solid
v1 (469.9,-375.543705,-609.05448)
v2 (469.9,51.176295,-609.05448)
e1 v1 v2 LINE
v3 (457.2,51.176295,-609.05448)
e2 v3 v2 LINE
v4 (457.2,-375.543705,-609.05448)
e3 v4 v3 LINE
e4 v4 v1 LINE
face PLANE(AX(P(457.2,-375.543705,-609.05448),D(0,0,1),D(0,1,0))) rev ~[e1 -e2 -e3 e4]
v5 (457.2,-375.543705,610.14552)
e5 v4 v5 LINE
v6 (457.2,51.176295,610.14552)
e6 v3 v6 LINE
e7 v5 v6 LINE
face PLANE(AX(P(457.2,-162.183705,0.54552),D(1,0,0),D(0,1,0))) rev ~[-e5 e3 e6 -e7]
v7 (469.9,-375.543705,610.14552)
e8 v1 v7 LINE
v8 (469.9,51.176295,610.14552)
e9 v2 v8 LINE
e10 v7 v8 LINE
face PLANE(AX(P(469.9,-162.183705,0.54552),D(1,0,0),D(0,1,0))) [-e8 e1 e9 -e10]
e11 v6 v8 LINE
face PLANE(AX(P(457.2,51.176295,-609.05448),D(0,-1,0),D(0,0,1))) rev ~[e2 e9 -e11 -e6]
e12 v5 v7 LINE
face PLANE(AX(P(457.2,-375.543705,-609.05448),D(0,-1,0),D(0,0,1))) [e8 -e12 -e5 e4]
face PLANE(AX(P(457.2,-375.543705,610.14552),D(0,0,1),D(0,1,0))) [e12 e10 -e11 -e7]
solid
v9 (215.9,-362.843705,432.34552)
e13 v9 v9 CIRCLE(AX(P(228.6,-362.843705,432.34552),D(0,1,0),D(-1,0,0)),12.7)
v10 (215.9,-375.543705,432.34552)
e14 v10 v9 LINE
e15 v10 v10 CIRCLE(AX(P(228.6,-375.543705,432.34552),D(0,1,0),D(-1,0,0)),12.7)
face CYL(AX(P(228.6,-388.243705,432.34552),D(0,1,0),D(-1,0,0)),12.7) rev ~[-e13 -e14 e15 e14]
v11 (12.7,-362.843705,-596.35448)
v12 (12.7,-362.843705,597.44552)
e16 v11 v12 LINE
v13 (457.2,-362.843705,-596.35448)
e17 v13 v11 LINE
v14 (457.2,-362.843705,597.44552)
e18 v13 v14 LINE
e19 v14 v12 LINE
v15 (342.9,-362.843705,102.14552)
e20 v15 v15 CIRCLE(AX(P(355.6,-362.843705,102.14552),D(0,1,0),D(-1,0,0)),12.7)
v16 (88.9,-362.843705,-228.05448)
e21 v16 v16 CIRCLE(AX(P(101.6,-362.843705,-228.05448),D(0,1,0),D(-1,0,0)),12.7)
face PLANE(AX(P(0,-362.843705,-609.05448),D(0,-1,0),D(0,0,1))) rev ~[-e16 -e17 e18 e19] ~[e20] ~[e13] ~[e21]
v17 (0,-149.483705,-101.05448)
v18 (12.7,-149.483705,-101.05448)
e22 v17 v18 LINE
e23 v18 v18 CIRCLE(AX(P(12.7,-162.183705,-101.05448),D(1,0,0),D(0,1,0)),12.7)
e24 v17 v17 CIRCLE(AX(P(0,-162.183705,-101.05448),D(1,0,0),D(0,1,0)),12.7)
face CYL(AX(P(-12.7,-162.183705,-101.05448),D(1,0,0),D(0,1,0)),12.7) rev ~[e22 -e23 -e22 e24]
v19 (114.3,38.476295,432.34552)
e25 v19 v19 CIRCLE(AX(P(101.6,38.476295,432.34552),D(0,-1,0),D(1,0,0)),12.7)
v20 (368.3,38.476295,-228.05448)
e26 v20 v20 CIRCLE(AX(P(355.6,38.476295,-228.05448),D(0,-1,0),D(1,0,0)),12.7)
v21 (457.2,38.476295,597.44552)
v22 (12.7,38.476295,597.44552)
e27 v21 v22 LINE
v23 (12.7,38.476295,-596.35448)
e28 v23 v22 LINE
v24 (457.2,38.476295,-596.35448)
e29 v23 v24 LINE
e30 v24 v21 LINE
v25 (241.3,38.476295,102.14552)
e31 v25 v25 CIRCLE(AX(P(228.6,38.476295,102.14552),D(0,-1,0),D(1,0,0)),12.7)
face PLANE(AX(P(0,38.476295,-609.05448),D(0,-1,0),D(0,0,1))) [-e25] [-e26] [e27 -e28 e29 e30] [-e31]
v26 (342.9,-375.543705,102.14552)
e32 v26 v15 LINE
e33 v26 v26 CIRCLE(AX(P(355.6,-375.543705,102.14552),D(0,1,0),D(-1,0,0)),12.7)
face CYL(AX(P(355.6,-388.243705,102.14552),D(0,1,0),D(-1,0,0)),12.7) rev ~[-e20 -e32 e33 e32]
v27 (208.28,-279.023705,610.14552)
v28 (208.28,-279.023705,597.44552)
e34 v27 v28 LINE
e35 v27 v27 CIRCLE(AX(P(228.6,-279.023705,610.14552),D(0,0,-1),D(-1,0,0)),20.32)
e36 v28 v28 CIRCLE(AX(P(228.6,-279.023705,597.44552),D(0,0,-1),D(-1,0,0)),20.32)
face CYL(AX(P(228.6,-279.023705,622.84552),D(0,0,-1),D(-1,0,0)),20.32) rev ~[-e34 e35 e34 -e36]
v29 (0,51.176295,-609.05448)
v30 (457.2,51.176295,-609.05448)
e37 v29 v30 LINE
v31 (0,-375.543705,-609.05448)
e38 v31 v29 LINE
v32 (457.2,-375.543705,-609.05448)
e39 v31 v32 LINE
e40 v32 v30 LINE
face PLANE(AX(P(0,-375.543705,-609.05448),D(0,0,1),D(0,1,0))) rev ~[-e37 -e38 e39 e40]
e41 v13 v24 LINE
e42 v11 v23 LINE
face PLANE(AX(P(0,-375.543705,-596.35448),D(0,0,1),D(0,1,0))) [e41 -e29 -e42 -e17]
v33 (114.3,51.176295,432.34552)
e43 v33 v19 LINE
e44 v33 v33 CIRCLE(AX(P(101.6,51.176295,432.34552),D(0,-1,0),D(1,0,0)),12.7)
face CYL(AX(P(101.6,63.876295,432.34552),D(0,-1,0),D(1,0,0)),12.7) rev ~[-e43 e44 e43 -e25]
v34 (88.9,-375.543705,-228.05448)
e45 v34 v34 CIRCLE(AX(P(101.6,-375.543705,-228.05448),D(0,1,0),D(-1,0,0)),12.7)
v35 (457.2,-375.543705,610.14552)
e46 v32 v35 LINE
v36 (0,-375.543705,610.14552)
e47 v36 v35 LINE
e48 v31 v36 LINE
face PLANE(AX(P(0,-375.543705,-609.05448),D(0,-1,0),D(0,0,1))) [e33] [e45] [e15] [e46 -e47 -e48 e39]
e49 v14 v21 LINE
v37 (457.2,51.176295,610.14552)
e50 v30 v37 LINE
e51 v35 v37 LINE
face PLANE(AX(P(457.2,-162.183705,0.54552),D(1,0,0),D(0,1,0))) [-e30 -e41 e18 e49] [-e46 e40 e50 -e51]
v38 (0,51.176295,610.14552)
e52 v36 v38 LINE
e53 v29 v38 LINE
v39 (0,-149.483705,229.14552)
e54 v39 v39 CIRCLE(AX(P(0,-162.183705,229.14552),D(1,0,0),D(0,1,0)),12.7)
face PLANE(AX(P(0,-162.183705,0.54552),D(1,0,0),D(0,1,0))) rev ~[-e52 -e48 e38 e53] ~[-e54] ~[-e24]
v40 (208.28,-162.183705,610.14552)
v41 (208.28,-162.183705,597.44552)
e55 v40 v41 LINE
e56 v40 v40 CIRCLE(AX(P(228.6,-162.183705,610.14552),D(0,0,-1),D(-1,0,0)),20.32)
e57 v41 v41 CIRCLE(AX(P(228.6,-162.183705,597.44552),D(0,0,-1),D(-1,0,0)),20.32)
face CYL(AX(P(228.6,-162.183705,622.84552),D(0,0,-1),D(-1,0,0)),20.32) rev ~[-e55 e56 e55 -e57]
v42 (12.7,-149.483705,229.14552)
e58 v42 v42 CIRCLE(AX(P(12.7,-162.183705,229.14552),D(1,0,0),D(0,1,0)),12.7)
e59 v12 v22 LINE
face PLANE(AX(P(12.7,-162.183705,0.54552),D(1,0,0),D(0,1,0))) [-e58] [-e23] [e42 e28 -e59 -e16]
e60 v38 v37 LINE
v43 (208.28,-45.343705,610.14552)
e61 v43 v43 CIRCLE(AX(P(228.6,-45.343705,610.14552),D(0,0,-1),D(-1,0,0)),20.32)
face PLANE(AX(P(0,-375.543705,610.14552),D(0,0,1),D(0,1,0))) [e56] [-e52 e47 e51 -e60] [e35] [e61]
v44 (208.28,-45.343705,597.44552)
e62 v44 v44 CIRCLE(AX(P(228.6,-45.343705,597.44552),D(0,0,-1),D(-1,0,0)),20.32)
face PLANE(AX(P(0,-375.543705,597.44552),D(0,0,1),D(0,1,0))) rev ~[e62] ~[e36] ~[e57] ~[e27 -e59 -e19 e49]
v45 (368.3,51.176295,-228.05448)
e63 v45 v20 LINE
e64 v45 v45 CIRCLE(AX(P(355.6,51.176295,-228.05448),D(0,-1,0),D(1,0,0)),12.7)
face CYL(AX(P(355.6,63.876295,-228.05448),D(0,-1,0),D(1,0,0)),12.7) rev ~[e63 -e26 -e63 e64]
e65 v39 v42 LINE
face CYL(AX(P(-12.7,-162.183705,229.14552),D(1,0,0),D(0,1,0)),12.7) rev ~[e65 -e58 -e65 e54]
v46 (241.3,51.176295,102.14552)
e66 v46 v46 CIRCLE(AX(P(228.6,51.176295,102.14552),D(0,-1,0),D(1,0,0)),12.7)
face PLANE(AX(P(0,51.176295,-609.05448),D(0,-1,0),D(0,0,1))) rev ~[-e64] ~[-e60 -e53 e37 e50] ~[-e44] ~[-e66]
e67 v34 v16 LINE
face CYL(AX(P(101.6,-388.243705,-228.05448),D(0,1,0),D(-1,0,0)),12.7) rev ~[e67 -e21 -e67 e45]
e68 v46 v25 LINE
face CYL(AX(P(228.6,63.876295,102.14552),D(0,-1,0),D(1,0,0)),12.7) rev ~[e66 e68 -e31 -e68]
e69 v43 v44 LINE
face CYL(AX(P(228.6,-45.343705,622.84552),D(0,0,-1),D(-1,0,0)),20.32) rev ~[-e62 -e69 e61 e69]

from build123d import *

# Parameters (mm, degrees)
F0_W      = 426.72
F0_H      = 1219.2
F1_DEPTH  = 457.2
F2_T      = -12.7
F4_D      = 40.64
F4_DEPTH  = 12.7
F5_D      = 40.64
F5_DEPTH  = 12.7
F6_D      = 40.64
F6_DEPTH  = 12.7
F7_W      = 426.72
F7_H      = 1219.2
F8_DEPTH  = 12.7
F10_D     = 25.4
F10_DEPTH = 12.7
F11_D     = 25.4
F11_DEPTH = 12.7
F13_D     = 25.4
F13_DEPTH = 12.7
F15_D     = 25.4
F15_DEPTH = 12.7


with BuildPart() as f1:
    # F0 (on Right) → F1 (new body)
    with BuildSketch(Plane.YZ):
        with Locations((-162.183705, 0.54552)):
            Rectangle(F0_W, F0_H)
    extrude(amount=F1_DEPTH)

    # F2
    f2_openings = [f1.faces().sort_by_distance(p)[0] for p in [
        (457.2, -162.183705, 0.54552),
    ]]
    offset(amount=F2_T, openings=f2_openings)

    # F4
    with Locations(Plane.XY.offset(610.14552)):
        with Locations((228.6, -162.183705)):
            Hole(F4_D / 2, depth=F4_DEPTH)

    # F5
    with Locations(Plane.XY.offset(610.14552)):
        with Locations((228.6, -45.343705)):
            Hole(F5_D / 2, depth=F5_DEPTH)

    # F6
    with Locations(Plane.XY.offset(610.14552)):
        with Locations((228.6, -279.023705)):
            Hole(F6_D / 2, depth=F6_DEPTH)

    # F10
    with Locations(Plane.XZ.offset(375.543705)):
        with Locations((101.6, -228.05448)):
            Hole(F10_D / 2, depth=F10_DEPTH)

    # F11
    with Locations(Plane.XZ.offset(375.543705)):
        with Locations((228.6, 432.34552), (355.6, 102.14552)):
            Hole(F11_D / 2, depth=F11_DEPTH)

    # F13
    with Locations(Plane(origin=(0, 0, 0), x_dir=(0, -1, 0), z_dir=(-1, 0, 0))):
        with Locations((162.183705, 229.14552), (162.183705, -101.05448)):
            Hole(F13_D / 2, depth=F13_DEPTH)

    # F15
    with Locations(Plane(origin=(0, 51.176295, 0), x_dir=(-1, 0, 0), z_dir=(0, 1, 0))):
        with Locations((-101.6, 432.34552), (-228.6, 102.14552), (-355.6, -228.05448)):
            Hole(F15_D / 2, depth=F15_DEPTH)


with BuildPart() as f8:
    # F7 (on face) → F8 (new body)
    with BuildSketch(Plane.YZ.offset(457.2)):
        with Locations((-162.183705, 0.54552)):
            Rectangle(F7_W, F7_H)
    extrude(amount=F8_DEPTH)


solid = Compound([f1.part, f8.part])
